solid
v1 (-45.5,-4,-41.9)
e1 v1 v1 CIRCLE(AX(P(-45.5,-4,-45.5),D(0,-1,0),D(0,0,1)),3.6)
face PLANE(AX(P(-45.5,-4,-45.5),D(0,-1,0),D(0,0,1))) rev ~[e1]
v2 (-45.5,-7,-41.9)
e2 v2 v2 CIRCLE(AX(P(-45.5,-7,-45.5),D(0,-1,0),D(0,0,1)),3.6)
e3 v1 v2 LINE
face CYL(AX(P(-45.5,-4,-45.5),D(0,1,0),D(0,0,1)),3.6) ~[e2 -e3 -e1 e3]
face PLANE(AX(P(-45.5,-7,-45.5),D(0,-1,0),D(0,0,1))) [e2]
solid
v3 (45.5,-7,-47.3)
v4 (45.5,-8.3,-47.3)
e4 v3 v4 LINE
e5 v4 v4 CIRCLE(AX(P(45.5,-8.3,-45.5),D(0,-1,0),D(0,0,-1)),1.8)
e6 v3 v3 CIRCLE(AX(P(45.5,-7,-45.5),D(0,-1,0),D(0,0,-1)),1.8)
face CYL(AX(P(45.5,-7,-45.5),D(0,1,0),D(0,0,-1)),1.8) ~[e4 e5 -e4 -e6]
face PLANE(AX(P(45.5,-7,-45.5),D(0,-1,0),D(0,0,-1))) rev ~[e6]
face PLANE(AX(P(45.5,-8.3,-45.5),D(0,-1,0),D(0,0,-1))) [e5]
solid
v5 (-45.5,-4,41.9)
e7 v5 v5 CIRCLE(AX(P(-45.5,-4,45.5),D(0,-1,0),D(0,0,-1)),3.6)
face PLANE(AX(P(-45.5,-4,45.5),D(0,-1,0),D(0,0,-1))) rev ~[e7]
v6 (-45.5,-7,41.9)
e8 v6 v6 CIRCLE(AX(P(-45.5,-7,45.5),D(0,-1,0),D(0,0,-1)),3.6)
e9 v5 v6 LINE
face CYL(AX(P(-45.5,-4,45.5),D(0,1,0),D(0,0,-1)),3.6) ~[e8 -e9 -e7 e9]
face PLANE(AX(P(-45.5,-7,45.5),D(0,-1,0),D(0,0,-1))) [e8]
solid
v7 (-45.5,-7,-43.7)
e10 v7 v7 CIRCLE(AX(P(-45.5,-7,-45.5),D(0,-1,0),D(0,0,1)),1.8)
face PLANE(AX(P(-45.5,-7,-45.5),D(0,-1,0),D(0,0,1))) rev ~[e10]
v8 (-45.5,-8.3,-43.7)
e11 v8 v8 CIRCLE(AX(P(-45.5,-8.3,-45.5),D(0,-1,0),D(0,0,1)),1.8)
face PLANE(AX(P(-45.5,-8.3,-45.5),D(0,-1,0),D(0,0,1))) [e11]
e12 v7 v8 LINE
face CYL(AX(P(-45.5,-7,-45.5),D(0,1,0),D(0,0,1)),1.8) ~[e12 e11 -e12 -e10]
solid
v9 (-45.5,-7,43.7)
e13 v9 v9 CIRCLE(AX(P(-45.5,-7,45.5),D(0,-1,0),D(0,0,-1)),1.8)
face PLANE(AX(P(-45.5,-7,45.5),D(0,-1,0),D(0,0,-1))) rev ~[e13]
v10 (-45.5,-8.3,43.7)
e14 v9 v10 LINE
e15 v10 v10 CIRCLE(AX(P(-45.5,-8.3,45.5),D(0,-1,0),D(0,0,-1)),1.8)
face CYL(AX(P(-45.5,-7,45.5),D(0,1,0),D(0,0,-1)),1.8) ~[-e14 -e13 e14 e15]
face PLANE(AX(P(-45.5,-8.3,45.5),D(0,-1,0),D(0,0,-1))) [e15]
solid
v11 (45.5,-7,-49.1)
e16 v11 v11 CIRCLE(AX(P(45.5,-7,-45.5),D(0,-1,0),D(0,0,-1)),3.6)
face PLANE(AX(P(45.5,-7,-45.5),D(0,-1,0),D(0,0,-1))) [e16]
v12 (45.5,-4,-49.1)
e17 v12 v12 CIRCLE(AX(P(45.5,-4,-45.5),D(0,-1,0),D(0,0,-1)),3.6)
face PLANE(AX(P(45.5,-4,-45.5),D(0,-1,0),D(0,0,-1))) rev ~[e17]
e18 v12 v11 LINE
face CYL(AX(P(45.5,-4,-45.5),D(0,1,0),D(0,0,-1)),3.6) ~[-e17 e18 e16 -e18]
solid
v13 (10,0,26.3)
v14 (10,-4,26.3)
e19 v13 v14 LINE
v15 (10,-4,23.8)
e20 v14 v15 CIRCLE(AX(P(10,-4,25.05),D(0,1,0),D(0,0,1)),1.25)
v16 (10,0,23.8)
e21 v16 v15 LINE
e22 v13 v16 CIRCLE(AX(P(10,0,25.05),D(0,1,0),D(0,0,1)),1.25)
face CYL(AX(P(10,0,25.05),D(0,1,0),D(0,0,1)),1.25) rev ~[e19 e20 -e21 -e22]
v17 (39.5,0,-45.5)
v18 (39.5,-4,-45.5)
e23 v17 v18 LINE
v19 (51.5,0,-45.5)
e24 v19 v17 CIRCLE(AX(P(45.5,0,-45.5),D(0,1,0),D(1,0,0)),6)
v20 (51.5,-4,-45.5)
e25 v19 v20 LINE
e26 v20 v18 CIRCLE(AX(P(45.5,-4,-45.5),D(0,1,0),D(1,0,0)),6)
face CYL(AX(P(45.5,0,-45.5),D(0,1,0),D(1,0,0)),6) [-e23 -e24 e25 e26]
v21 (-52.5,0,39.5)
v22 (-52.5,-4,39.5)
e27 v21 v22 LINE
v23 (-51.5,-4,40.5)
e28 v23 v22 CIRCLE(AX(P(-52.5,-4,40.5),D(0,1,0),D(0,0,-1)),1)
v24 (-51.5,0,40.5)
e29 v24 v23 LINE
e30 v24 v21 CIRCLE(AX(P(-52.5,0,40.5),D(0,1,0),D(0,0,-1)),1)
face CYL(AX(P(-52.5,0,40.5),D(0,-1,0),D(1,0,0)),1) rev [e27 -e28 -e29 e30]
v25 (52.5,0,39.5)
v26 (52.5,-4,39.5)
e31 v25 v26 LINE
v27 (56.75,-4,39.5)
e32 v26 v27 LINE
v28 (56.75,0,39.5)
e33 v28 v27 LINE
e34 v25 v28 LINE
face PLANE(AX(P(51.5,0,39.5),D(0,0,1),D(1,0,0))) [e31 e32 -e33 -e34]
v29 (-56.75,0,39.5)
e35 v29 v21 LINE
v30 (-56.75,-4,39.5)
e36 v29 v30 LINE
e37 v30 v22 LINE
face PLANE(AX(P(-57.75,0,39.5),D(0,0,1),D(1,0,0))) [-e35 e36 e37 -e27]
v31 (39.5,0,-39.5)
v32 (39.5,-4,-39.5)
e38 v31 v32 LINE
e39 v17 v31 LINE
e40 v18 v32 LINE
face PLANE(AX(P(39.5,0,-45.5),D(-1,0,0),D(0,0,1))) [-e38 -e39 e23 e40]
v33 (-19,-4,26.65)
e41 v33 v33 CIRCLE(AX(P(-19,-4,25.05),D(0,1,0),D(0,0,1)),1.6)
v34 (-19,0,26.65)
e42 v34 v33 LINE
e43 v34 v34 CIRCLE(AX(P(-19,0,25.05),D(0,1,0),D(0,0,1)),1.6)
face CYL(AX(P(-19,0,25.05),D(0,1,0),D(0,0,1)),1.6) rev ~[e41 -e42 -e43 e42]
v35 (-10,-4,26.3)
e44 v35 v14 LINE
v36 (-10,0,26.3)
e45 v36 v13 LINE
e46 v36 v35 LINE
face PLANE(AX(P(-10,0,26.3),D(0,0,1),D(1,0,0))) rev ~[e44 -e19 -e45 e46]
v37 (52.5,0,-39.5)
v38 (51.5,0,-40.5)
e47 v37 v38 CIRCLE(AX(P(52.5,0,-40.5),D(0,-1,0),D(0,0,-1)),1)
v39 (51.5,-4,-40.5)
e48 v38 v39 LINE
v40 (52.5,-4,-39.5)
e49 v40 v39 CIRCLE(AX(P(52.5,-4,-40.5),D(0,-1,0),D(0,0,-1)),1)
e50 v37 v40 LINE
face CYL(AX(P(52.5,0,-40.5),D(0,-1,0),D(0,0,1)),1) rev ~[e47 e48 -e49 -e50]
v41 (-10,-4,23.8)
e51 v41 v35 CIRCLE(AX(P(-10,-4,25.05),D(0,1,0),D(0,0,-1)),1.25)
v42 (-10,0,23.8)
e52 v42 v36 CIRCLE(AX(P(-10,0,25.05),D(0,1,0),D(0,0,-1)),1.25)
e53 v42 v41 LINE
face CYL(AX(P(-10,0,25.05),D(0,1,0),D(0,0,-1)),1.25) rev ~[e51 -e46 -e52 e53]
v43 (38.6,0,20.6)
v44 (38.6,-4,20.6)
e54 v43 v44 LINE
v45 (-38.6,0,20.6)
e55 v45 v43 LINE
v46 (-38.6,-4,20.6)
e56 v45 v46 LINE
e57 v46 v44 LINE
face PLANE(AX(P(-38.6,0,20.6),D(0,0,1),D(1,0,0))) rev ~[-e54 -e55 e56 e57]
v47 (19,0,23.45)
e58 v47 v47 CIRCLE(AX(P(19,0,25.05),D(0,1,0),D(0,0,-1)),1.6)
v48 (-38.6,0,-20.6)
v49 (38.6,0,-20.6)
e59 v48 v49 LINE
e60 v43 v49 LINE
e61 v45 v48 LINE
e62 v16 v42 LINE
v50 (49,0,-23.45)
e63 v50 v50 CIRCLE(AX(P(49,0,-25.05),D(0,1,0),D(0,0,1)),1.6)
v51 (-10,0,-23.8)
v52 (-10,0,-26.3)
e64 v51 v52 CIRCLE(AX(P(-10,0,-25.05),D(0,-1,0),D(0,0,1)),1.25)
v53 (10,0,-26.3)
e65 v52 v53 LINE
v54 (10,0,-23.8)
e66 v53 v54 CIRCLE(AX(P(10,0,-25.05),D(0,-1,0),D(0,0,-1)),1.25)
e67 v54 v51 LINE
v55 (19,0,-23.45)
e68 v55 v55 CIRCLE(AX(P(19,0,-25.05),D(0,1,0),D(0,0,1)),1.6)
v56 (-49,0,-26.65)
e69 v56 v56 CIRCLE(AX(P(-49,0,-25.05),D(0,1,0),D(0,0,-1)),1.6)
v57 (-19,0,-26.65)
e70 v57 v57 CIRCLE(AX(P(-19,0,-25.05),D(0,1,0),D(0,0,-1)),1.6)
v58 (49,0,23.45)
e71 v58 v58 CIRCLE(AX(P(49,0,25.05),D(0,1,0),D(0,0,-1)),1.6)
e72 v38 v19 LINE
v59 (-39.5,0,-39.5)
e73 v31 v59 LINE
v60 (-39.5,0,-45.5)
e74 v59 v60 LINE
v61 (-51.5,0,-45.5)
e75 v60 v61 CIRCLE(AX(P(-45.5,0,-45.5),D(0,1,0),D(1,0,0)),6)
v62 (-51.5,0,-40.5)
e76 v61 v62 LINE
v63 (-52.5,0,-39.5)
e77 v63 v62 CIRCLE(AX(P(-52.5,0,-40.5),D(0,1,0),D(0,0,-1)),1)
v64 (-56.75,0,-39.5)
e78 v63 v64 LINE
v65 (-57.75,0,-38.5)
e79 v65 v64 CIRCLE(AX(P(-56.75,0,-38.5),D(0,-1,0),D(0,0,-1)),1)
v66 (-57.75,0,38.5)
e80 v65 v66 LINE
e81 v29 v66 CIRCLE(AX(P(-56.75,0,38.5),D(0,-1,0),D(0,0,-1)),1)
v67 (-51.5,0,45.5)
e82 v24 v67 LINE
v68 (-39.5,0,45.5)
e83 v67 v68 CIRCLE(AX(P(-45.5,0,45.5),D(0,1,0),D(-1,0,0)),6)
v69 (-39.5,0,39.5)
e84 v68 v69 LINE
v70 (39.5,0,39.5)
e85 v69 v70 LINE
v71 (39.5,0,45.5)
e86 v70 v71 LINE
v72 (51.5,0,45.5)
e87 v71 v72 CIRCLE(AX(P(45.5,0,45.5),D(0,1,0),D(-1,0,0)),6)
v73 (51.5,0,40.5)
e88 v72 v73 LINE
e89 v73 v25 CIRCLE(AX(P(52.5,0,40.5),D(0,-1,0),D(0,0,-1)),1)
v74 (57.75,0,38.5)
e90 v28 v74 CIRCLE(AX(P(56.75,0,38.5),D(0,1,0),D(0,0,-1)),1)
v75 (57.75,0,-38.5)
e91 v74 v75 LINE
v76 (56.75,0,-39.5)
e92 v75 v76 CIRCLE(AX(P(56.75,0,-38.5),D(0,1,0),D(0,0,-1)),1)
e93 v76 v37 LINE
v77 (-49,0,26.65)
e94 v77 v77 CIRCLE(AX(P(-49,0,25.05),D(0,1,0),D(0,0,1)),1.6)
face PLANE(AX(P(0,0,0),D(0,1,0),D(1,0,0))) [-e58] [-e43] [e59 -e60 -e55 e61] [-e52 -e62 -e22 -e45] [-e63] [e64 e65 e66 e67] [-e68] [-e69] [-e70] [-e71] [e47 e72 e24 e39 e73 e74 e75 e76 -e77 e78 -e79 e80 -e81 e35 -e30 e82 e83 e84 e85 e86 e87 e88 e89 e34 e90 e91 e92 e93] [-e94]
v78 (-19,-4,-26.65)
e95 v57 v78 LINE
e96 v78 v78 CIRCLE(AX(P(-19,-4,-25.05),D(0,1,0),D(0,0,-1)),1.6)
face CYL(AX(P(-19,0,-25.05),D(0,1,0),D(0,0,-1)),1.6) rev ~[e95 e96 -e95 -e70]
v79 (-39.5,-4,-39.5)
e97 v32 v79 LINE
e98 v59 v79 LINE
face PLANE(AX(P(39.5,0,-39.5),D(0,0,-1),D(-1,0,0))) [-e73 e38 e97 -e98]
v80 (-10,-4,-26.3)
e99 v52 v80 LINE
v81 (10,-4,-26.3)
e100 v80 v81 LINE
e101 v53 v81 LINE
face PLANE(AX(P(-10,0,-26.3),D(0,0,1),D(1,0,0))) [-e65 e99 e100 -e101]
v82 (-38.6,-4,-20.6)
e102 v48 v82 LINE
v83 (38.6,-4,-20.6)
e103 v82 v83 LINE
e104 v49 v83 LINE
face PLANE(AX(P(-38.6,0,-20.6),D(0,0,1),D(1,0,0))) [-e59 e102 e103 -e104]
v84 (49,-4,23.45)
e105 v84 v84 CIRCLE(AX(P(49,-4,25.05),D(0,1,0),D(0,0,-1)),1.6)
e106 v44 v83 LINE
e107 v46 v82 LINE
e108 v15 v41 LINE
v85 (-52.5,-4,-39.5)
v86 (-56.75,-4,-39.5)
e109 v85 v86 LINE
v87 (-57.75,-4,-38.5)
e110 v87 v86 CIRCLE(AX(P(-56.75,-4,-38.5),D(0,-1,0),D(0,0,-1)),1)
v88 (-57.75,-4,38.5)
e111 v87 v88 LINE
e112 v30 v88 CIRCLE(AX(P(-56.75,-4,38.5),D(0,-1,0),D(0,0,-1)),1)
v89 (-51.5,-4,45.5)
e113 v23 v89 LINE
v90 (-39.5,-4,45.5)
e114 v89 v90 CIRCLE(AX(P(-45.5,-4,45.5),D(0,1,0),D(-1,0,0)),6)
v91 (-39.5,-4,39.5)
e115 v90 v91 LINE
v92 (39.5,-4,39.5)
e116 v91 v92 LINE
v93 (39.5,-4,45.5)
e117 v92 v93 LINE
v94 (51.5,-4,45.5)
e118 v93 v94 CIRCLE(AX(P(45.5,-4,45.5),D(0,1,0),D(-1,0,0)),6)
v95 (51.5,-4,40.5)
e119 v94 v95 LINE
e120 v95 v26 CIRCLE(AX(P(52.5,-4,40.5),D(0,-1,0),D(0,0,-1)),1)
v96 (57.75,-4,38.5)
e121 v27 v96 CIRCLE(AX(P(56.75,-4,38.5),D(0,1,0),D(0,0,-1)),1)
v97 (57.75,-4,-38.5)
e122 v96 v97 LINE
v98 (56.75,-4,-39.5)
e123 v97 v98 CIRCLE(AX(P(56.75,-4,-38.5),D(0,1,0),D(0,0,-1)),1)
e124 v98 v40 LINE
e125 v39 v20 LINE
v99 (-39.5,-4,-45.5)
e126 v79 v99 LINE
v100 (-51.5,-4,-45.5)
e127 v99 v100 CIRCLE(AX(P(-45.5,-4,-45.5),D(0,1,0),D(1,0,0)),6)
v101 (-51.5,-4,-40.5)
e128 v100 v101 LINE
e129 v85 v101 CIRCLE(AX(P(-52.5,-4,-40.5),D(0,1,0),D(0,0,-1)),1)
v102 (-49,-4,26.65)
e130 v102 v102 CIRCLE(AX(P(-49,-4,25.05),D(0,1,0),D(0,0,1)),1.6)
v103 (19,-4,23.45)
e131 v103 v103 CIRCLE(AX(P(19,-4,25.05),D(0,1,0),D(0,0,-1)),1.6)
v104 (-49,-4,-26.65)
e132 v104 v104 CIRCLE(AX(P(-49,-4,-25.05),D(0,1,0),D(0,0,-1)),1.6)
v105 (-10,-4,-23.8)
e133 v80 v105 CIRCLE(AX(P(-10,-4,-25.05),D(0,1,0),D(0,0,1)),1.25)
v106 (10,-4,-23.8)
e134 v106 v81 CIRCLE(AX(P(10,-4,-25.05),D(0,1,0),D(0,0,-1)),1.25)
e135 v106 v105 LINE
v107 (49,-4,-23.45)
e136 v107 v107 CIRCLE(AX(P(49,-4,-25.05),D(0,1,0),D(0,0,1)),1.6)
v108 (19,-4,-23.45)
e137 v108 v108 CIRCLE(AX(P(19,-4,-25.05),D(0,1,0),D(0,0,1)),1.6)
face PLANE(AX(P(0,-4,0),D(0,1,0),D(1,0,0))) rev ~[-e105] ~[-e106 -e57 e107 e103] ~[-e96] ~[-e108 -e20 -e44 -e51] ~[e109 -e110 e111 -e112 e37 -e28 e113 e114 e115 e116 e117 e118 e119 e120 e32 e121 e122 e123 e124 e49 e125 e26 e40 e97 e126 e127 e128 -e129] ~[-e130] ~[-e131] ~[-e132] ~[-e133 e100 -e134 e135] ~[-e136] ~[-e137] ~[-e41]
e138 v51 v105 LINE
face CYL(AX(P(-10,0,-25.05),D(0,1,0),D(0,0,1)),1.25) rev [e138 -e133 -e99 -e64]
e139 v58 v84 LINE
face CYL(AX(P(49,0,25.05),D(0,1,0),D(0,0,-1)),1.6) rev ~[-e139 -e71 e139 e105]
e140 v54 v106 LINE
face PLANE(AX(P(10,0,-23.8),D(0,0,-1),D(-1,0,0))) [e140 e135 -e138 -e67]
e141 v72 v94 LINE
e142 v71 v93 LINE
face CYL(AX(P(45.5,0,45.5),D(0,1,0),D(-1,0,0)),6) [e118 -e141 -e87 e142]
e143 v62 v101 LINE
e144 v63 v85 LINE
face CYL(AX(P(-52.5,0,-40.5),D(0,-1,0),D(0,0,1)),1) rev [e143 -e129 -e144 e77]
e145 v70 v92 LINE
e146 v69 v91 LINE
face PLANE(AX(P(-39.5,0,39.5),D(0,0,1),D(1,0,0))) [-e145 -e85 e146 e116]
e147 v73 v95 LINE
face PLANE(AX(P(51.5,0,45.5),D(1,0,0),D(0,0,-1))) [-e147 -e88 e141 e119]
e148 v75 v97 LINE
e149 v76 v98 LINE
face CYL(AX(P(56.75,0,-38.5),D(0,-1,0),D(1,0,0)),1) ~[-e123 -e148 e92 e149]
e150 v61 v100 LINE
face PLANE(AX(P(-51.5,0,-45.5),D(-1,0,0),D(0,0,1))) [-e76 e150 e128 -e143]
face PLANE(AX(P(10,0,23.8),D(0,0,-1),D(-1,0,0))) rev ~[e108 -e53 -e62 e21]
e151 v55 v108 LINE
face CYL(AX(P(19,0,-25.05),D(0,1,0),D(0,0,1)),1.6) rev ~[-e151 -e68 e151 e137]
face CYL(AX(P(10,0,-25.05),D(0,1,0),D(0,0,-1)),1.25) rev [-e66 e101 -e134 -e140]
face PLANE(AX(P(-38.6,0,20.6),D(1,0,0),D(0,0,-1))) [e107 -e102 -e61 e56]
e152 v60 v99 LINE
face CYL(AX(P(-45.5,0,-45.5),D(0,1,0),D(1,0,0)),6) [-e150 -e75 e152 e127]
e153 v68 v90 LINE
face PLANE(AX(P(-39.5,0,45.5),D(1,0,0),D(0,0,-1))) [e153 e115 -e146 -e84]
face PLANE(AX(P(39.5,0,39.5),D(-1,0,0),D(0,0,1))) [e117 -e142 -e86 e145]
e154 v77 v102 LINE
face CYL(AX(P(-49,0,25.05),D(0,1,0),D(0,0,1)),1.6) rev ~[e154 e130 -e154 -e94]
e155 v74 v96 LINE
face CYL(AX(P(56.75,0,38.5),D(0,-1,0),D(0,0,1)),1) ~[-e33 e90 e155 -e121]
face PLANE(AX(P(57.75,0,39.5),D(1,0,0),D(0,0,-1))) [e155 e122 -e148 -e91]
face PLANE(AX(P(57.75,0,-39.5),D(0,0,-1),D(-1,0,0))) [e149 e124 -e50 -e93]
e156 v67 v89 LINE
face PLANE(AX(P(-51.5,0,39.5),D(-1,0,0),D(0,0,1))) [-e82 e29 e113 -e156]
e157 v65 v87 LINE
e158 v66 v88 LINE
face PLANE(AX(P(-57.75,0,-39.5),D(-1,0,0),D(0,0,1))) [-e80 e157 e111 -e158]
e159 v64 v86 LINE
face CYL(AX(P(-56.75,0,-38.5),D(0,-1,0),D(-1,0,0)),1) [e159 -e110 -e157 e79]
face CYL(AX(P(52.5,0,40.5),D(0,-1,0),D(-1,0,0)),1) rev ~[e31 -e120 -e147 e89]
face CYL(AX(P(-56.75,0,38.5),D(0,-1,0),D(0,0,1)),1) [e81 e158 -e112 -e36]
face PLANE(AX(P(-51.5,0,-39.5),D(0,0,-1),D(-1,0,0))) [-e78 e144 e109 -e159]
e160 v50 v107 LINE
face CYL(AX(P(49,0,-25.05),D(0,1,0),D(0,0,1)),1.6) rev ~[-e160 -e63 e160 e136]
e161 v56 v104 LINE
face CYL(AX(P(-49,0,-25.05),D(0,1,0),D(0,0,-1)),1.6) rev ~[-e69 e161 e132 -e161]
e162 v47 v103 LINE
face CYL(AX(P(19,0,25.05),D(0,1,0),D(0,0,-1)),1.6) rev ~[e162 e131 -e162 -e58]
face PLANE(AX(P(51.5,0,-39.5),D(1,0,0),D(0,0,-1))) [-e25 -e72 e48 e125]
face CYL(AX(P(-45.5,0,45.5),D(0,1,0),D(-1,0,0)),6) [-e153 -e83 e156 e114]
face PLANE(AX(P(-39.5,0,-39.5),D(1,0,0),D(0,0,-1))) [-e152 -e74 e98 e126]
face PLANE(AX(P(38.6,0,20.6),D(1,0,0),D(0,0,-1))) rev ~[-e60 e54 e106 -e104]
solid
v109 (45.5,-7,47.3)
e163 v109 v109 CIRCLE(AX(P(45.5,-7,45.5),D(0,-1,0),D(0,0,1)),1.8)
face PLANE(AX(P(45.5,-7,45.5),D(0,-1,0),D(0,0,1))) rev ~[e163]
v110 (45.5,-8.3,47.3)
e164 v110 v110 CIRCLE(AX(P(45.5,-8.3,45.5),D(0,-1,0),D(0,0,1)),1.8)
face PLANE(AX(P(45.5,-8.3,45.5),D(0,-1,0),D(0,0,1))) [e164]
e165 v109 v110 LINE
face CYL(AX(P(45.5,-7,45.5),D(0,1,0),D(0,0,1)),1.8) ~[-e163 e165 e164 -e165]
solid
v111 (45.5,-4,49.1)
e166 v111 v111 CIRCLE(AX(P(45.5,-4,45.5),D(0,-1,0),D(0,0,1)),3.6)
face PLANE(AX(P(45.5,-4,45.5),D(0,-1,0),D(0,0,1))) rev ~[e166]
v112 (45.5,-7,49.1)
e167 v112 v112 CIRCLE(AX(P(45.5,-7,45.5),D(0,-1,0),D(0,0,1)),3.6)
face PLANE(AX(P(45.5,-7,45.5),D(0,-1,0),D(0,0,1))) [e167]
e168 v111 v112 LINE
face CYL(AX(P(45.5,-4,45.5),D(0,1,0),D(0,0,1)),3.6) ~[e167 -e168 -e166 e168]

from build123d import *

# Parameters (mm, degrees)
EXTRUDE_1_DEPTH     = 4
SKETCH_4_R          = 3.6
EXTRUDE_2_DEPTH     = 3
EXTRUDE_2_2_DEPTH   = 3
EXTRUDE_2_3_DEPTH   = 3
EXTRUDE_2_4_DEPTH   = 3
SKETCH_5_R          = 1.8
EXTRUDE_3_DEPTH     = 1.3
EXTRUDE_3_2_DEPTH   = 1.3
EXTRUDE_3_3_DEPTH   = 1.3
EXTRUDE_3_4_DEPTH   = 1.3
SKETCH_10_W         = 77.2
SKETCH_10_H         = 41.2
CUT_EXTRUDE_5_DEPTH = 78.821606897
SKETCH_16_R         = 1.6
CUT_EXTRUDE_6_DEPTH = 10
FILLET_1_R          = 1


with BuildPart() as part:
    # 草图1 → 凸台-拉伸1 (new body)
    with BuildSketch(Plane(origin=(0, 0, 0), x_dir=(1, 0, 0), z_dir=(0, 1, 0))):
        with BuildLine():
            Line((-39.5, -39.5), (39.5, -39.5))
            Line((39.5, -39.5), (39.5, -45.5))
            ThreePointArc((39.5, -45.5), (45.5, -51.5), (51.5, -45.5))
            Line((51.5, -45.5), (51.5, -39.5))
            Line((51.5, -39.5), (57.75, -39.5))
            Line((57.75, -39.5), (57.75, 39.5))
            Line((57.75, 39.5), (51.5, 39.5))
            Line((51.5, 39.5), (51.5, 45.5))
            ThreePointArc((51.5, 45.5), (45.5, 51.5), (39.5, 45.5))
            Line((39.5, 45.5), (39.5, 39.5))
            Line((39.5, 39.5), (-39.5, 39.5))
            Line((-39.5, 39.5), (-39.5, 45.5))
            ThreePointArc((-39.5, 45.5), (-45.5, 51.5), (-51.5, 45.5))
            Line((-51.5, 45.5), (-51.5, 39.5))
            Line((-51.5, 39.5), (-57.75, 39.5))
            Line((-57.75, 39.5), (-57.75, -39.5))
            Line((-57.75, -39.5), (-51.5, -39.5))
            Line((-51.5, -39.5), (-51.5, -45.5))
            ThreePointArc((-51.5, -45.5), (-45.5, -51.5), (-39.5, -45.5))
            Line((-39.5, -45.5), (-39.5, -39.5))
        make_face()
    extrude(amount=-EXTRUDE_1_DEPTH)

    # 草图10 → 切除-拉伸5 (cut, through all)
    with BuildSketch(Plane(origin=(0, 0, 0), x_dir=(1, 0, 0), z_dir=(0, 1, 0))):
        Rectangle(SKETCH_10_W, SKETCH_10_H)
    extrude(amount=-CUT_EXTRUDE_5_DEPTH, mode=Mode.SUBTRACT)

    # 草图16 → 切除-拉伸6 (cut)
    with BuildSketch(Plane(origin=(0, 0, 0), x_dir=(1, 0, 0), z_dir=(0, 1, 0))):
        with Locations((19, 25.05)):
            Circle(SKETCH_16_R)
        with Locations((49, 25.05)):
            Circle(SKETCH_16_R)
        with Locations((-49, 25.05)):
            Circle(SKETCH_16_R)
        with Locations((-19, 25.05)):
            Circle(SKETCH_16_R)
        with Locations((49, -25.05)):
            Circle(SKETCH_16_R)
        with Locations((19, -25.05)):
            Circle(SKETCH_16_R)
        with Locations((-19, -25.05)):
            Circle(SKETCH_16_R)
        with Locations((-49, -25.05)):
            Circle(SKETCH_16_R)
        with BuildLine():
            Line((-10, 26.3), (10, 26.3))
            ThreePointArc((10, 26.3), (11.25, 25.05), (10, 23.8))
            Line((10, 23.8), (-10, 23.8))
            ThreePointArc((-10, 23.8), (-11.25, 25.05), (-10, 26.3))
        make_face()
        with BuildLine():
            Line((-10, -26.3), (10, -26.3))
            ThreePointArc((10, -26.3), (11.25, -25.05), (10, -23.8))
            Line((10, -23.8), (-10, -23.8))
            ThreePointArc((-10, -23.8), (-11.25, -25.05), (-10, -26.3))
        make_face()
    extrude(amount=-CUT_EXTRUDE_6_DEPTH, mode=Mode.SUBTRACT)

    # 圆角1
    fillet_1_edges = [part.edges().sort_by_distance(p)[0] for p in [
        (-51.5, -2, -39.5),
        (51.5, -2, -39.5),
        (51.5, -2, 39.5),
        (-51.5, -2, 39.5),
        (-57.75, -2, 39.5),
        (-57.75, -2, -39.5),
        (57.75, -2, 39.5),
        (57.75, -2, -39.5),
    ]]
    fillet(fillet_1_edges, radius=FILLET_1_R)


with BuildPart() as body_2:
    # 草图4 → 凸台-拉伸2 (new body)
    with BuildSketch(Plane.XZ.offset(4)):
        with Locations((-45.5, 45.5)):
            Circle(SKETCH_4_R)
    extrude(amount=EXTRUDE_2_DEPTH)


with BuildPart() as body_3:
    # 草图4 → Extrude 2 2 (new body)
    with BuildSketch(Plane.XZ.offset(4)):
        with Locations((-45.5, -45.5)):
            Circle(SKETCH_4_R)
    extrude(amount=EXTRUDE_2_2_DEPTH)


with BuildPart() as body_4:
    # 草图4 → Extrude 2 3 (new body)
    with BuildSketch(Plane.XZ.offset(4)):
        with Locations((45.5, -45.5)):
            Circle(SKETCH_4_R)
    extrude(amount=EXTRUDE_2_3_DEPTH)


with BuildPart() as body_5:
    # 草图4 → Extrude 2 4 (new body)
    with BuildSketch(Plane.XZ.offset(4)):
        with Locations((45.5, 45.5)):
            Circle(SKETCH_4_R)
    extrude(amount=EXTRUDE_2_4_DEPTH)


with BuildPart() as body_6:
    # 草图5 → 凸台-拉伸3 (new body)
    with BuildSketch(Plane.XZ.offset(7)):
        with Locations((-45.5, 45.5)):
            Circle(SKETCH_5_R)
    extrude(amount=EXTRUDE_3_DEPTH)


with BuildPart() as body_7:
    # 草图5 → Extrude 3 2 (new body)
    with BuildSketch(Plane.XZ.offset(7)):
        with Locations((-45.5, -45.5)):
            Circle(SKETCH_5_R)
    extrude(amount=EXTRUDE_3_2_DEPTH)


with BuildPart() as body_8:
    # 草图5 → Extrude 3 3 (new body)
    with BuildSketch(Plane.XZ.offset(7)):
        with Locations((45.5, -45.5)):
            Circle(SKETCH_5_R)
    extrude(amount=EXTRUDE_3_3_DEPTH)


with BuildPart() as body_9:
    # 草图5 → Extrude 3 4 (new body)
    with BuildSketch(Plane.XZ.offset(7)):
        with Locations((45.5, 45.5)):
            Circle(SKETCH_5_R)
    extrude(amount=EXTRUDE_3_4_DEPTH)


solid = Compound([part.part, body_2.part, body_3.part, body_4.part, body_5.part, body_6.part, body_7.part, body_8.part, body_9.part])
